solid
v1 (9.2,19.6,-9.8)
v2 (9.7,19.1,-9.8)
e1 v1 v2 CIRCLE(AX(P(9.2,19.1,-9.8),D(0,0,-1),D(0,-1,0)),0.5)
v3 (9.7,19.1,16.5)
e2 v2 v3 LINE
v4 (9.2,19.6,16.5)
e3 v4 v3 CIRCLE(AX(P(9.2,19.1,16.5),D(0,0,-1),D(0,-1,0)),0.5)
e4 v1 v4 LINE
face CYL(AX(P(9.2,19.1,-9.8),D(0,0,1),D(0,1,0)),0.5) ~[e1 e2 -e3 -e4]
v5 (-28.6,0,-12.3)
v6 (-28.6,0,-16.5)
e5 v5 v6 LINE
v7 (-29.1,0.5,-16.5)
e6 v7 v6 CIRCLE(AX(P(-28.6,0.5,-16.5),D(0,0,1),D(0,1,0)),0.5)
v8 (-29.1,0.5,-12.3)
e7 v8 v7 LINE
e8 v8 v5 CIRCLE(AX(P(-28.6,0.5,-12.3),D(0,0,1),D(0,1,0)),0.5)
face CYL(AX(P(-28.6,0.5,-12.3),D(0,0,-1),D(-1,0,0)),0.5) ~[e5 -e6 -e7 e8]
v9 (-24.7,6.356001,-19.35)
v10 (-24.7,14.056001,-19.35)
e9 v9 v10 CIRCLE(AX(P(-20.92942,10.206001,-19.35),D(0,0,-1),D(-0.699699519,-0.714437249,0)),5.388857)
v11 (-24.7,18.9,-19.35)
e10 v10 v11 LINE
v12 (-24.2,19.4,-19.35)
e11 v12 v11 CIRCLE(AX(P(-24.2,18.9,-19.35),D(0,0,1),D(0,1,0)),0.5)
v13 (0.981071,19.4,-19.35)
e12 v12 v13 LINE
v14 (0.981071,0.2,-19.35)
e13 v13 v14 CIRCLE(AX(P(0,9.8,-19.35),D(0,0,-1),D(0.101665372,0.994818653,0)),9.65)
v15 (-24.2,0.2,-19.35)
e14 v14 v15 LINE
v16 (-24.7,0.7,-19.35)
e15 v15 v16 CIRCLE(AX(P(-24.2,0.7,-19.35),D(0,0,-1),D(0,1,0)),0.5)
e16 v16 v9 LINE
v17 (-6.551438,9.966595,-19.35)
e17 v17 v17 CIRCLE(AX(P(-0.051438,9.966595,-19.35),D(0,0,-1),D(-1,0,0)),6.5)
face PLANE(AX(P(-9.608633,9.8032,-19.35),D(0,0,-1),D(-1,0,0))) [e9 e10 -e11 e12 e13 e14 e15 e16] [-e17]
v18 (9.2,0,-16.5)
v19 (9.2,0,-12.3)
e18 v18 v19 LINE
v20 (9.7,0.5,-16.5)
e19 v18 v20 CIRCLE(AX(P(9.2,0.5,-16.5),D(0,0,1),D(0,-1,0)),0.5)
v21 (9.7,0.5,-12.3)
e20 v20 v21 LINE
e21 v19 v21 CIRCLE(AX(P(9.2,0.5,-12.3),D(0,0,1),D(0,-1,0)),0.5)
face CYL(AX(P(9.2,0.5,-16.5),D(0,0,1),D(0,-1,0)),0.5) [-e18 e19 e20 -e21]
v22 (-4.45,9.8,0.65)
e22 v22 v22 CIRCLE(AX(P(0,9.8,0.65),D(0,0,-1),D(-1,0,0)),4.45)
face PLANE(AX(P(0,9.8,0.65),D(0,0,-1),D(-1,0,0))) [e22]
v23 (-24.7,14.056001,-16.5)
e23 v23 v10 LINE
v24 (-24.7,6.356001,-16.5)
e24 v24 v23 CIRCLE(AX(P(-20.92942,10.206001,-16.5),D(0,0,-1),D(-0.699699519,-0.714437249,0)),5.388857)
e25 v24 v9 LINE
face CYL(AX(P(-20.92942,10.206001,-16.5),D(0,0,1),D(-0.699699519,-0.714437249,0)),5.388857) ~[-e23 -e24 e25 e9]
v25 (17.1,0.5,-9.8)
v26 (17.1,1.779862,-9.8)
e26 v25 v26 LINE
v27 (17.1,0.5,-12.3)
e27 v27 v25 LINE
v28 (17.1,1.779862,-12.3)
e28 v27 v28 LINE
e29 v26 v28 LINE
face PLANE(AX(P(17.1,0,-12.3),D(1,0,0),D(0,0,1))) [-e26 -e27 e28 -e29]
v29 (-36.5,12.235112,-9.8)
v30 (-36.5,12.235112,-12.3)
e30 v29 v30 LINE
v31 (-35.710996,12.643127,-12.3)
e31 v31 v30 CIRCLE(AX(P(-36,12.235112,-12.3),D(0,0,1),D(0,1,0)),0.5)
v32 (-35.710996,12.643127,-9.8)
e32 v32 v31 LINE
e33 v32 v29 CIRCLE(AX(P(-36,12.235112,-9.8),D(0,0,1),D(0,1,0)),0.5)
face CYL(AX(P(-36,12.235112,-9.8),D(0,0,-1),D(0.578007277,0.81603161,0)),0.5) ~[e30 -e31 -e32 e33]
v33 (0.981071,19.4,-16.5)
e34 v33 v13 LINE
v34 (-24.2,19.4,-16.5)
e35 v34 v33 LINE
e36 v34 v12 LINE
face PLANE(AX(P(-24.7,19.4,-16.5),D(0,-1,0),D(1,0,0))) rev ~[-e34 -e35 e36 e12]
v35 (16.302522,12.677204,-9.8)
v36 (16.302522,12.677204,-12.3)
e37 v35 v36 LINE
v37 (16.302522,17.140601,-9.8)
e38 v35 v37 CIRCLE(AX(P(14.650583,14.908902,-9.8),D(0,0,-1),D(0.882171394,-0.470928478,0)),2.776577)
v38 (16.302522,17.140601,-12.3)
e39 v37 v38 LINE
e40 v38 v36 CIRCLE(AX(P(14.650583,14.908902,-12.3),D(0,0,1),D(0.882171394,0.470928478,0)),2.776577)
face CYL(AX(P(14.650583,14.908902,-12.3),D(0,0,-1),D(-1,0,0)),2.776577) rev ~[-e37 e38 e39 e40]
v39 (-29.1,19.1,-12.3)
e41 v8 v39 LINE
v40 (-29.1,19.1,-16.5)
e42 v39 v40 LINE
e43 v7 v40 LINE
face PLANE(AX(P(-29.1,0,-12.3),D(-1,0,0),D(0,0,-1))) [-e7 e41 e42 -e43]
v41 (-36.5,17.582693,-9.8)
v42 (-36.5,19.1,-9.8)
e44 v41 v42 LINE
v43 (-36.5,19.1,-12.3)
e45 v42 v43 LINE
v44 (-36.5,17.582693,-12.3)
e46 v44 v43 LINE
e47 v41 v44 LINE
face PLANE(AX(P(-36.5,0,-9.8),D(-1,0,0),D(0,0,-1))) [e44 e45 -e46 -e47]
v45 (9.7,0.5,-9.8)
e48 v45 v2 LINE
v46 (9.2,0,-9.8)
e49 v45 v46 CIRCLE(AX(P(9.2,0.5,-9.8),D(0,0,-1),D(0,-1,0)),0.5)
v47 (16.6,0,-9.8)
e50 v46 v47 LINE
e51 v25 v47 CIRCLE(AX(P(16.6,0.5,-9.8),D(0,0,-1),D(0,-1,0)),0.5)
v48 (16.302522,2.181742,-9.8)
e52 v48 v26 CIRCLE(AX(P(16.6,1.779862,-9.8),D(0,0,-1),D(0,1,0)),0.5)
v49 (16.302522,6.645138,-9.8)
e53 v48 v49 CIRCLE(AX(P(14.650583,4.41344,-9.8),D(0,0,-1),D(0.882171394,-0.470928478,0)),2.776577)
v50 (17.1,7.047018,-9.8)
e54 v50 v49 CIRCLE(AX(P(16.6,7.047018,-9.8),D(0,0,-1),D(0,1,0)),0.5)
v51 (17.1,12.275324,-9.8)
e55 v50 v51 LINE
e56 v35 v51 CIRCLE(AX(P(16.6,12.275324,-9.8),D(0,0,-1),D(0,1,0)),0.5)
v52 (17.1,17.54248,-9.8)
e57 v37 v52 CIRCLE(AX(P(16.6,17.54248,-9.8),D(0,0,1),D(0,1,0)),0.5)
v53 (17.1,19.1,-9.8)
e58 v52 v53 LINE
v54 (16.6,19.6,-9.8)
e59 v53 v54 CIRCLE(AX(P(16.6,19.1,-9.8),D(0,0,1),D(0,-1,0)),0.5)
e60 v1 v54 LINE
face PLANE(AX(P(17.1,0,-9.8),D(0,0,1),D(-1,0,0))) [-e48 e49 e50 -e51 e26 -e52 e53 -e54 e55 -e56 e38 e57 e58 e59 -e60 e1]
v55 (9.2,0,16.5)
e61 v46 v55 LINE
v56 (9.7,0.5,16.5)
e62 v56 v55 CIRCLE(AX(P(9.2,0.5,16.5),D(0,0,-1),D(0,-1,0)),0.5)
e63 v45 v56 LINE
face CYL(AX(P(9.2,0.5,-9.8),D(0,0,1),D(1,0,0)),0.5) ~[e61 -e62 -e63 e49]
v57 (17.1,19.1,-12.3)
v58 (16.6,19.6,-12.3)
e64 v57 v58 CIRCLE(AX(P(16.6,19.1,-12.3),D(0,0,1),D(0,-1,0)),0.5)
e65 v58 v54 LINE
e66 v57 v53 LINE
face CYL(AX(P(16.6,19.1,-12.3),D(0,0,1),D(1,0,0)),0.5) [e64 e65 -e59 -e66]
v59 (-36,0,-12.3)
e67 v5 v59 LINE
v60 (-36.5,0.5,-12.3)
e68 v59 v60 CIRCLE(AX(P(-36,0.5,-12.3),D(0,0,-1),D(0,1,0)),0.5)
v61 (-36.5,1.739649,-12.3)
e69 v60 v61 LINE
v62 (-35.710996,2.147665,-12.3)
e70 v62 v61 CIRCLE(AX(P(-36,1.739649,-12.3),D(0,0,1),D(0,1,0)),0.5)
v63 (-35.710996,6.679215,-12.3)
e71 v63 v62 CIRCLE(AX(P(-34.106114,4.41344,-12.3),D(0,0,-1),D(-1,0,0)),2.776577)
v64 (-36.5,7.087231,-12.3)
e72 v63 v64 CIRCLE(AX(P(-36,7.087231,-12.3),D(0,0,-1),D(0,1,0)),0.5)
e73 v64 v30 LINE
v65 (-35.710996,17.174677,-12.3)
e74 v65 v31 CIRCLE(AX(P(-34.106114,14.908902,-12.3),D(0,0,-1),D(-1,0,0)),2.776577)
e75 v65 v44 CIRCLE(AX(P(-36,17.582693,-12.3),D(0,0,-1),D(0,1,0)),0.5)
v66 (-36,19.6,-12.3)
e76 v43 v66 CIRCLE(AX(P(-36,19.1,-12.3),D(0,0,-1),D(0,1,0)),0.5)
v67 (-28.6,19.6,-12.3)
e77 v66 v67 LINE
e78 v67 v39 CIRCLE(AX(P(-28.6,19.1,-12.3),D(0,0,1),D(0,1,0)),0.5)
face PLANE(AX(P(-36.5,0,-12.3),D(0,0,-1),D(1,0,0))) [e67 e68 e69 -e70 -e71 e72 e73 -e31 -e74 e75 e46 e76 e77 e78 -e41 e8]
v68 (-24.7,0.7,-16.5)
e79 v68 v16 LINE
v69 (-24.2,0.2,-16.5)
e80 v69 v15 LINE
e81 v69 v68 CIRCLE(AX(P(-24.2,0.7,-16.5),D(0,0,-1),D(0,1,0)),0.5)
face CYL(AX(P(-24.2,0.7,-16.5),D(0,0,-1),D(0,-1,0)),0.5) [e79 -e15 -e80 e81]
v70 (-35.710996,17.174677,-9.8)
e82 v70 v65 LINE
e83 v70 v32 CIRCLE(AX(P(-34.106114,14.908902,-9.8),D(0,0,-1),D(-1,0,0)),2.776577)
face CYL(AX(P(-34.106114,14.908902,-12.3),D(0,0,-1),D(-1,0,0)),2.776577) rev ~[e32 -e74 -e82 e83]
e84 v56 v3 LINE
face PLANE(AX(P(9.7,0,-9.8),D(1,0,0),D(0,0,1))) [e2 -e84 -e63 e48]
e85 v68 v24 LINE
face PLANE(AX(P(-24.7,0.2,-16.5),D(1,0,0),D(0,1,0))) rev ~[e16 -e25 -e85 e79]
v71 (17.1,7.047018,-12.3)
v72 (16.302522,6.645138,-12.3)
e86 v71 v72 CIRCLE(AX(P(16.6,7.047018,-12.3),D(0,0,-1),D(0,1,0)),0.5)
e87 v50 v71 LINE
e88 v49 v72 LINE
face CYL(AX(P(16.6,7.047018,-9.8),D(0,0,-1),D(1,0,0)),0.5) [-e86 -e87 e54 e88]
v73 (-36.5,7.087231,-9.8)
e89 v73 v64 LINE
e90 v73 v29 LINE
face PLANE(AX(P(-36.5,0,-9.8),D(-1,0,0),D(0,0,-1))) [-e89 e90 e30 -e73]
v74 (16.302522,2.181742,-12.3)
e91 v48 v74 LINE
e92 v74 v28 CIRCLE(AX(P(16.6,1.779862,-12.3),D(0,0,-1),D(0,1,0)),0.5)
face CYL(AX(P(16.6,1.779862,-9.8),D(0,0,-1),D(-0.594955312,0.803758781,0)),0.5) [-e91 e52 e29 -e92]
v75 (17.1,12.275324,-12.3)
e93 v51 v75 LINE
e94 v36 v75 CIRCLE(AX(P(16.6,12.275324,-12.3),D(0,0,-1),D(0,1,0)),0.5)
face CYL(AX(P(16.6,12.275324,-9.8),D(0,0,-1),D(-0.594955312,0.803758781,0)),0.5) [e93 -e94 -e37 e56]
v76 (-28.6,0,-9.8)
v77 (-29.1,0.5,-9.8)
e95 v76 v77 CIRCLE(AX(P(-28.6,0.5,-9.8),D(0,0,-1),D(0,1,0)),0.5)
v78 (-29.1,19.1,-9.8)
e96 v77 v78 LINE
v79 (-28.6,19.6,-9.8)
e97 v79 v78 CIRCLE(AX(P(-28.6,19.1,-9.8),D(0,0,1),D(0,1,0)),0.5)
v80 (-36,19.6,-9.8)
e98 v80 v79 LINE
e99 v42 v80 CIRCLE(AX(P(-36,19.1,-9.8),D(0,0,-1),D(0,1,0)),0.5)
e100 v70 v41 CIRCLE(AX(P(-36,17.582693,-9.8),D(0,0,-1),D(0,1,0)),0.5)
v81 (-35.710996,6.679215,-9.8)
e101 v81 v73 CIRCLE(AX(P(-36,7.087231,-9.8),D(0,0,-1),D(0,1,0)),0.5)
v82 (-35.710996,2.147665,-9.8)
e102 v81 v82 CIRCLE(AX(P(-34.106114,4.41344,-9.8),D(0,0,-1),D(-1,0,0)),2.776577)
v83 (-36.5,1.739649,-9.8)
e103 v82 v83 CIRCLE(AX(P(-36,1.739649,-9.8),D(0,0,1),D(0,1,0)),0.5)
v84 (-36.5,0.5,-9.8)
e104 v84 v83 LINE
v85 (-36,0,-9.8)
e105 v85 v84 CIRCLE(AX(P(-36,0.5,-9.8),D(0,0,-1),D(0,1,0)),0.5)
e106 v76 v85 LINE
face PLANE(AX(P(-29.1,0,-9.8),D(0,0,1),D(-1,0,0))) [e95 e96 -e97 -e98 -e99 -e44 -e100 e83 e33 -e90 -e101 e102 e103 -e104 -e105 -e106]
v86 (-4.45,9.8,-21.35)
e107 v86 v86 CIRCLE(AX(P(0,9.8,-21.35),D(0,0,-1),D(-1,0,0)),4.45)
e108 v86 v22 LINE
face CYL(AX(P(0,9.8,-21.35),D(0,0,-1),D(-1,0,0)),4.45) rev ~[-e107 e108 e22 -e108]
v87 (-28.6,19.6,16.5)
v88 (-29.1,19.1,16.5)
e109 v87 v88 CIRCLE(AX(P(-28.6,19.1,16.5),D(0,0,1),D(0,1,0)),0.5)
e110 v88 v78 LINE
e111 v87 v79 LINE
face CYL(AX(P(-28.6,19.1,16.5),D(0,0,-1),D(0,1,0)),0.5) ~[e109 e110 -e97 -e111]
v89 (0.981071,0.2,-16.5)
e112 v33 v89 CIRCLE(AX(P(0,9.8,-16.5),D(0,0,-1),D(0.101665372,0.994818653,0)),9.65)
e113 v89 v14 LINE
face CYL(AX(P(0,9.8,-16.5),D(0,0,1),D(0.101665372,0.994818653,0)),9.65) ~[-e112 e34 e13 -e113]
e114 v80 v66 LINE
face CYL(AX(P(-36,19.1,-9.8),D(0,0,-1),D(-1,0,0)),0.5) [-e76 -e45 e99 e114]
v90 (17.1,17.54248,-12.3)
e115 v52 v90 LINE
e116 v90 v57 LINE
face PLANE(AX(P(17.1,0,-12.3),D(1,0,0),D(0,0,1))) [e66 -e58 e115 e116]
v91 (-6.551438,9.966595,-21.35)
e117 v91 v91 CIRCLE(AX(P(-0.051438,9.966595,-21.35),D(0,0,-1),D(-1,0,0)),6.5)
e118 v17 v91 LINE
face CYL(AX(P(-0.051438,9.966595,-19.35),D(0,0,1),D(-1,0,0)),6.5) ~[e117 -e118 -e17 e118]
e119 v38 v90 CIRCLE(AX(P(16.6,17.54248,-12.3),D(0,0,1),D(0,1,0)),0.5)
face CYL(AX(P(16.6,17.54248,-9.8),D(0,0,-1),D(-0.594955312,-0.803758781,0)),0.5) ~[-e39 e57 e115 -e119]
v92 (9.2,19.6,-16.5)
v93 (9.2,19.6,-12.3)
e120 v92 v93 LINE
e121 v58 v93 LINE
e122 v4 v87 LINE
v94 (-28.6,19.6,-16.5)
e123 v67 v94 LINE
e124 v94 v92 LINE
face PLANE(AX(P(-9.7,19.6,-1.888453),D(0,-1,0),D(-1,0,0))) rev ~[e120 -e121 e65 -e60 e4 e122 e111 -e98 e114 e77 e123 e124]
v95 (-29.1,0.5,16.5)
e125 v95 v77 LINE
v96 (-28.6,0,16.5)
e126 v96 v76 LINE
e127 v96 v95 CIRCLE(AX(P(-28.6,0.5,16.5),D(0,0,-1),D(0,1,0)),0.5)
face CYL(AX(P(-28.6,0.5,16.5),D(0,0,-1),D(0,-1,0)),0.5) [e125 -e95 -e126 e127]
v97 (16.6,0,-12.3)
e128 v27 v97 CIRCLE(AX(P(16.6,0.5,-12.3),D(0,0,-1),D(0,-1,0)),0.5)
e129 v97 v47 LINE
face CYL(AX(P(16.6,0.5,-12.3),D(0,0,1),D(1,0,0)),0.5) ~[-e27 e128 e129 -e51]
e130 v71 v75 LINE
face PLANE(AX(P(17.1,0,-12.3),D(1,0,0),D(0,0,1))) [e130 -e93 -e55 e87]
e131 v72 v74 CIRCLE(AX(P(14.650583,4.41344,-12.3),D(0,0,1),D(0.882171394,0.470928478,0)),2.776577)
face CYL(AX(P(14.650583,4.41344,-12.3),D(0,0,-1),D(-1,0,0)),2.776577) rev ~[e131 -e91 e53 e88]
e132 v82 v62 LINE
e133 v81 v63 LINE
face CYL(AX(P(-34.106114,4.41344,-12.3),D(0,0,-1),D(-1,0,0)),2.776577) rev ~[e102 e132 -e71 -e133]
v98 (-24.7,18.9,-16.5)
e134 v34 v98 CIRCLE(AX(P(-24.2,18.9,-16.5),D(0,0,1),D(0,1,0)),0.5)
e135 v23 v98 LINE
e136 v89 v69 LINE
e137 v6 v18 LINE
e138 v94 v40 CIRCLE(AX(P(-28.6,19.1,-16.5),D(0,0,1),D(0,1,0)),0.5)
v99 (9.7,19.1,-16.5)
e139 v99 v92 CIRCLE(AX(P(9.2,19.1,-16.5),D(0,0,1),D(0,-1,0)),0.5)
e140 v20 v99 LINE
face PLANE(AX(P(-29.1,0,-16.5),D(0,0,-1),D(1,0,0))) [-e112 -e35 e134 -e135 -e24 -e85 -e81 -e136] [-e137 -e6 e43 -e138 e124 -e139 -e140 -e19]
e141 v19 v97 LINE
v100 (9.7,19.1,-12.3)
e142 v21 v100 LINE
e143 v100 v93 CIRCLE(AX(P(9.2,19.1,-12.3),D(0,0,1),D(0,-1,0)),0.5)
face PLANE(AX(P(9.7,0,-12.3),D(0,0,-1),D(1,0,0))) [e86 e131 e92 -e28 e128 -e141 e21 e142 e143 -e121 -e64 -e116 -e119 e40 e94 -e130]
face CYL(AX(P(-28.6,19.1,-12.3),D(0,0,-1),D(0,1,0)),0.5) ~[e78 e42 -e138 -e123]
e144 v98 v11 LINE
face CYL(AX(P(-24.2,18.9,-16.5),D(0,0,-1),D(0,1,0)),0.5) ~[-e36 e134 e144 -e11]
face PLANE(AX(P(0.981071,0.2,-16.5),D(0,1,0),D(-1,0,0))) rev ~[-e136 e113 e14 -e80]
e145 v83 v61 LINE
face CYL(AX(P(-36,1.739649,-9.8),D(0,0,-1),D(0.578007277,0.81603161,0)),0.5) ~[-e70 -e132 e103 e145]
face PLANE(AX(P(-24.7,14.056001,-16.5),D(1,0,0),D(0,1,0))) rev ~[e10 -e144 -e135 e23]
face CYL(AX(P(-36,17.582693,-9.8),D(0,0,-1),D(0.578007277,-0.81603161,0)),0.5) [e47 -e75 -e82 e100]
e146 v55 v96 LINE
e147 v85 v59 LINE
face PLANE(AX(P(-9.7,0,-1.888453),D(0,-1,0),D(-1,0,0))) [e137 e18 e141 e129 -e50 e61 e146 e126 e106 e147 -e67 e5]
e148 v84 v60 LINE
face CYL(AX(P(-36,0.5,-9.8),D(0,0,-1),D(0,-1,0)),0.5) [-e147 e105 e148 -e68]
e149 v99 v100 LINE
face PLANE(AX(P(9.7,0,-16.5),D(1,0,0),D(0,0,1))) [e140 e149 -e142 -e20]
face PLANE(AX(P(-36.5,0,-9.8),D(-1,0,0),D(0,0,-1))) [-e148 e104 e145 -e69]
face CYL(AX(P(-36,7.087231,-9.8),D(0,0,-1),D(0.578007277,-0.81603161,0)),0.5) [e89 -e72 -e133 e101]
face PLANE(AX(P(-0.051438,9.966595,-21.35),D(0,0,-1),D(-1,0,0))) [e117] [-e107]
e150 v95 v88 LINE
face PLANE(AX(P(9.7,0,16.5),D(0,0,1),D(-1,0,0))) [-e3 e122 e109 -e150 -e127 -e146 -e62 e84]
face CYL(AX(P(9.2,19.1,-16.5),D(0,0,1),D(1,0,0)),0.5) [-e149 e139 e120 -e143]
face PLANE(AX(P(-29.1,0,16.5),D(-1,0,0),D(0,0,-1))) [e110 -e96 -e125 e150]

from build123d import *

# Parameters (mm, degrees)
EXTRUS_O1_DEPTH = 19.6
EXTRUS_O2_DEPTH = 2.85
FILETE1_R       = 0.5
FILETE2_R       = 0.5
FILETE3_R       = 0.5
FILETE4_R       = 0.5
FILETE5_R       = 0.5
FILETE6_R       = 0.5
FILETE7_R       = 0.5
FILETE8_R       = 0.5
FILETE9_R       = 0.5
FILETE10_R      = 0.5
FILETE11_R      = 0.5
FILETE12_R      = 0.5
FILETE13_R      = 0.5
FILETE14_R      = 0.5
ESBO_O3_R       = 6.5
EXTRUS_O3_DEPTH = 2
ESBO_O4_R       = 4.45
EXTRUS_O4_DEPTH = 22
ESBO_O5_R       = 2.776577301
EXTRUS_O6_DEPTH = 10
FILETE15_R      = 0.5
FILETE16_R      = 0.5
FILETE17_R      = 0.5
FILETE18_R      = 0.5
FILETE19_R      = 0.5
FILETE20_R      = 0.5
FILETE21_R      = 0.5
FILETE22_R      = 0.5


with BuildPart() as part:
    # Esboço1 → Extrusão1 (new body)
    with BuildSketch(Plane(origin=(0, 0, 0), x_dir=(1, 0, 0), z_dir=(0, 1, 0))):
        Polygon((9.7, 12.3), (17.1, 12.3), (17.1, 9.8), (9.7, 9.8), (9.7, -16.5), (-29.1, -16.5), (-29.1, 9.8), (-36.5, 9.8), (-36.5, 12.3), (-29.1, 12.3), (-29.1, 16.5), (9.7, 16.5), align=None)
    extrude(amount=EXTRUS_O1_DEPTH)

    # Esboço2 → Extrusão2 (add)
    with BuildSketch(Plane(origin=(0, 0, -16.5), x_dir=(-1, 0, 0), z_dir=(0, 0, -1))):
        with BuildLine():
            Line((24.7, 19.4), (-0.981070844, 19.4))
            ThreePointArc((-0.981070844, 19.4), (-9.65, 9.8), (-0.981070844, 0.2))
            Line((-0.981070844, 0.2), (24.7, 0.2))
            Line((24.7, 0.2), (24.7, 6.356001076))
            ThreePointArc((24.7, 6.356001076), (26.318276276, 10.206001076), (24.7, 14.056001076))
            Line((24.7, 14.056001076), (24.7, 19.4))
        make_face()
    extrude(amount=EXTRUS_O2_DEPTH)

    # Filete1
    filete1_edges = [part.edges().sort_by_distance(p)[0] for p in [
        (17.1, 0, -11.05),
    ]]
    fillet(filete1_edges, radius=FILETE1_R)

    # Filete2
    filete2_edges = [part.edges().sort_by_distance(p)[0] for p in [
        (17.1, 19.6, -11.05),
    ]]
    fillet(filete2_edges, radius=FILETE2_R)

    # Filete3
    filete3_edges = [part.edges().sort_by_distance(p)[0] for p in [
        (-36.5, 0, -11.05),
    ]]
    fillet(filete3_edges, radius=FILETE3_R)

    # Filete4
    filete4_edges = [part.edges().sort_by_distance(p)[0] for p in [
        (-36.5, 19.6, -11.05),
    ]]
    fillet(filete4_edges, radius=FILETE4_R)

    # Filete5
    filete5_edges = [part.edges().sort_by_distance(p)[0] for p in [
        (-24.7, 0.2, -17.925),
    ]]
    fillet(filete5_edges, radius=FILETE5_R)

    # Filete6
    filete6_edges = [part.edges().sort_by_distance(p)[0] for p in [
        (-24.7, 19.4, -17.925),
    ]]
    fillet(filete6_edges, radius=FILETE6_R)

    # Filete7
    filete7_edges = [part.edges().sort_by_distance(p)[0] for p in [
        (-29.1, 0, 3.35),
    ]]
    fillet(filete7_edges, radius=FILETE7_R)

    # Filete8
    filete8_edges = [part.edges().sort_by_distance(p)[0] for p in [
        (-29.1, 19.6, 3.35),
    ]]
    fillet(filete8_edges, radius=FILETE8_R)

    # Filete9
    filete9_edges = [part.edges().sort_by_distance(p)[0] for p in [
        (9.7, 19.6, 3.35),
    ]]
    fillet(filete9_edges, radius=FILETE9_R)

    # Filete10
    filete10_edges = [part.edges().sort_by_distance(p)[0] for p in [
        (9.7, 0, 3.35),
    ]]
    fillet(filete10_edges, radius=FILETE10_R)

    # Filete11
    filete11_edges = [part.edges().sort_by_distance(p)[0] for p in [
        (-29.1, 0, -14.4),
    ]]
    fillet(filete11_edges, radius=FILETE11_R)

    # Filete12
    filete12_edges = [part.edges().sort_by_distance(p)[0] for p in [
        (-29.1, 19.6, -14.4),
    ]]
    fillet(filete12_edges, radius=FILETE12_R)

    # Filete13
    filete13_edges = [part.edges().sort_by_distance(p)[0] for p in [
        (9.7, 19.6, -14.4),
    ]]
    fillet(filete13_edges, radius=FILETE13_R)

    # Filete14
    filete14_edges = [part.edges().sort_by_distance(p)[0] for p in [
        (9.7, 0, -14.4),
    ]]
    fillet(filete14_edges, radius=FILETE14_R)

    # Esboço3 → Extrusão3 (add)
    with BuildSketch(Plane(origin=(0, 0, -19.35), x_dir=(-1, 0, 0), z_dir=(0, 0, -1))):
        with Locations((0.051438127, 9.966594638)):
            Circle(ESBO_O3_R)
    extrude(amount=EXTRUS_O3_DEPTH)

    # Esboço4 → Extrusão4 (cut)
    with BuildSketch(Plane(origin=(0, 0, -21.35), x_dir=(-1, 0, 0), z_dir=(0, 0, -1))):
        with Locations((0, 9.8)):
            Circle(ESBO_O4_R)
    extrude(amount=-EXTRUS_O4_DEPTH, mode=Mode.SUBTRACT)

    # Esboço5 → Extrusão6 (cut)
    with BuildSketch(Plane(origin=(0, 0, -12.3), x_dir=(-1, 0, 0), z_dir=(0, 0, -1))):
        with Locations((-14.650582931, 14.908902234)):
            Circle(ESBO_O5_R)
        with Locations((-14.650582931, 4.413440036)):
            Circle(ESBO_O5_R)
        with Locations((34.106114477, 14.908902234)):
            Circle(ESBO_O5_R)
        with Locations((34.106114477, 4.413440036)):
            Circle(ESBO_O5_R)
    extrude(amount=-EXTRUS_O6_DEPTH, mode=Mode.SUBTRACT)

    # Filete15
    filete15_edges = [part.edges().sort_by_distance(p)[0] for p in [
        (17.1, 5.721009358, -11.05),
    ]]
    fillet(filete15_edges, radius=FILETE15_R)

    # Filete16
    filete16_edges = [part.edges().sort_by_distance(p)[0] for p in [
        (17.1, 3.105870713, -11.05),
    ]]
    fillet(filete16_edges, radius=FILETE16_R)

    # Filete17
    filete17_edges = [part.edges().sort_by_distance(p)[0] for p in [
        (17.1, 16.216471557, -11.05),
    ]]
    fillet(filete17_edges, radius=FILETE17_R)

    # Filete18
    filete18_edges = [part.edges().sort_by_distance(p)[0] for p in [
        (17.1, 13.601332911, -11.05),
    ]]
    fillet(filete18_edges, radius=FILETE18_R)

    # Filete19
    filete19_edges = [part.edges().sort_by_distance(p)[0] for p in [
        (-36.5, 16.315562682, -11.05),
    ]]
    fillet(filete19_edges, radius=FILETE19_R)

    # Filete20
    filete20_edges = [part.edges().sort_by_distance(p)[0] for p in [
        (-36.5, 13.502241787, -11.05),
    ]]
    fillet(filete20_edges, radius=FILETE20_R)

    # Filete21
    filete21_edges = [part.edges().sort_by_distance(p)[0] for p in [
        (-36.5, 3.006779588, -11.05),
    ]]
    fillet(filete21_edges, radius=FILETE21_R)

    # Filete22
    filete22_edges = [part.edges().sort_by_distance(p)[0] for p in [
        (-36.5, 5.820100483, -11.05),
    ]]
    fillet(filete22_edges, radius=FILETE22_R)


solid = part.part
